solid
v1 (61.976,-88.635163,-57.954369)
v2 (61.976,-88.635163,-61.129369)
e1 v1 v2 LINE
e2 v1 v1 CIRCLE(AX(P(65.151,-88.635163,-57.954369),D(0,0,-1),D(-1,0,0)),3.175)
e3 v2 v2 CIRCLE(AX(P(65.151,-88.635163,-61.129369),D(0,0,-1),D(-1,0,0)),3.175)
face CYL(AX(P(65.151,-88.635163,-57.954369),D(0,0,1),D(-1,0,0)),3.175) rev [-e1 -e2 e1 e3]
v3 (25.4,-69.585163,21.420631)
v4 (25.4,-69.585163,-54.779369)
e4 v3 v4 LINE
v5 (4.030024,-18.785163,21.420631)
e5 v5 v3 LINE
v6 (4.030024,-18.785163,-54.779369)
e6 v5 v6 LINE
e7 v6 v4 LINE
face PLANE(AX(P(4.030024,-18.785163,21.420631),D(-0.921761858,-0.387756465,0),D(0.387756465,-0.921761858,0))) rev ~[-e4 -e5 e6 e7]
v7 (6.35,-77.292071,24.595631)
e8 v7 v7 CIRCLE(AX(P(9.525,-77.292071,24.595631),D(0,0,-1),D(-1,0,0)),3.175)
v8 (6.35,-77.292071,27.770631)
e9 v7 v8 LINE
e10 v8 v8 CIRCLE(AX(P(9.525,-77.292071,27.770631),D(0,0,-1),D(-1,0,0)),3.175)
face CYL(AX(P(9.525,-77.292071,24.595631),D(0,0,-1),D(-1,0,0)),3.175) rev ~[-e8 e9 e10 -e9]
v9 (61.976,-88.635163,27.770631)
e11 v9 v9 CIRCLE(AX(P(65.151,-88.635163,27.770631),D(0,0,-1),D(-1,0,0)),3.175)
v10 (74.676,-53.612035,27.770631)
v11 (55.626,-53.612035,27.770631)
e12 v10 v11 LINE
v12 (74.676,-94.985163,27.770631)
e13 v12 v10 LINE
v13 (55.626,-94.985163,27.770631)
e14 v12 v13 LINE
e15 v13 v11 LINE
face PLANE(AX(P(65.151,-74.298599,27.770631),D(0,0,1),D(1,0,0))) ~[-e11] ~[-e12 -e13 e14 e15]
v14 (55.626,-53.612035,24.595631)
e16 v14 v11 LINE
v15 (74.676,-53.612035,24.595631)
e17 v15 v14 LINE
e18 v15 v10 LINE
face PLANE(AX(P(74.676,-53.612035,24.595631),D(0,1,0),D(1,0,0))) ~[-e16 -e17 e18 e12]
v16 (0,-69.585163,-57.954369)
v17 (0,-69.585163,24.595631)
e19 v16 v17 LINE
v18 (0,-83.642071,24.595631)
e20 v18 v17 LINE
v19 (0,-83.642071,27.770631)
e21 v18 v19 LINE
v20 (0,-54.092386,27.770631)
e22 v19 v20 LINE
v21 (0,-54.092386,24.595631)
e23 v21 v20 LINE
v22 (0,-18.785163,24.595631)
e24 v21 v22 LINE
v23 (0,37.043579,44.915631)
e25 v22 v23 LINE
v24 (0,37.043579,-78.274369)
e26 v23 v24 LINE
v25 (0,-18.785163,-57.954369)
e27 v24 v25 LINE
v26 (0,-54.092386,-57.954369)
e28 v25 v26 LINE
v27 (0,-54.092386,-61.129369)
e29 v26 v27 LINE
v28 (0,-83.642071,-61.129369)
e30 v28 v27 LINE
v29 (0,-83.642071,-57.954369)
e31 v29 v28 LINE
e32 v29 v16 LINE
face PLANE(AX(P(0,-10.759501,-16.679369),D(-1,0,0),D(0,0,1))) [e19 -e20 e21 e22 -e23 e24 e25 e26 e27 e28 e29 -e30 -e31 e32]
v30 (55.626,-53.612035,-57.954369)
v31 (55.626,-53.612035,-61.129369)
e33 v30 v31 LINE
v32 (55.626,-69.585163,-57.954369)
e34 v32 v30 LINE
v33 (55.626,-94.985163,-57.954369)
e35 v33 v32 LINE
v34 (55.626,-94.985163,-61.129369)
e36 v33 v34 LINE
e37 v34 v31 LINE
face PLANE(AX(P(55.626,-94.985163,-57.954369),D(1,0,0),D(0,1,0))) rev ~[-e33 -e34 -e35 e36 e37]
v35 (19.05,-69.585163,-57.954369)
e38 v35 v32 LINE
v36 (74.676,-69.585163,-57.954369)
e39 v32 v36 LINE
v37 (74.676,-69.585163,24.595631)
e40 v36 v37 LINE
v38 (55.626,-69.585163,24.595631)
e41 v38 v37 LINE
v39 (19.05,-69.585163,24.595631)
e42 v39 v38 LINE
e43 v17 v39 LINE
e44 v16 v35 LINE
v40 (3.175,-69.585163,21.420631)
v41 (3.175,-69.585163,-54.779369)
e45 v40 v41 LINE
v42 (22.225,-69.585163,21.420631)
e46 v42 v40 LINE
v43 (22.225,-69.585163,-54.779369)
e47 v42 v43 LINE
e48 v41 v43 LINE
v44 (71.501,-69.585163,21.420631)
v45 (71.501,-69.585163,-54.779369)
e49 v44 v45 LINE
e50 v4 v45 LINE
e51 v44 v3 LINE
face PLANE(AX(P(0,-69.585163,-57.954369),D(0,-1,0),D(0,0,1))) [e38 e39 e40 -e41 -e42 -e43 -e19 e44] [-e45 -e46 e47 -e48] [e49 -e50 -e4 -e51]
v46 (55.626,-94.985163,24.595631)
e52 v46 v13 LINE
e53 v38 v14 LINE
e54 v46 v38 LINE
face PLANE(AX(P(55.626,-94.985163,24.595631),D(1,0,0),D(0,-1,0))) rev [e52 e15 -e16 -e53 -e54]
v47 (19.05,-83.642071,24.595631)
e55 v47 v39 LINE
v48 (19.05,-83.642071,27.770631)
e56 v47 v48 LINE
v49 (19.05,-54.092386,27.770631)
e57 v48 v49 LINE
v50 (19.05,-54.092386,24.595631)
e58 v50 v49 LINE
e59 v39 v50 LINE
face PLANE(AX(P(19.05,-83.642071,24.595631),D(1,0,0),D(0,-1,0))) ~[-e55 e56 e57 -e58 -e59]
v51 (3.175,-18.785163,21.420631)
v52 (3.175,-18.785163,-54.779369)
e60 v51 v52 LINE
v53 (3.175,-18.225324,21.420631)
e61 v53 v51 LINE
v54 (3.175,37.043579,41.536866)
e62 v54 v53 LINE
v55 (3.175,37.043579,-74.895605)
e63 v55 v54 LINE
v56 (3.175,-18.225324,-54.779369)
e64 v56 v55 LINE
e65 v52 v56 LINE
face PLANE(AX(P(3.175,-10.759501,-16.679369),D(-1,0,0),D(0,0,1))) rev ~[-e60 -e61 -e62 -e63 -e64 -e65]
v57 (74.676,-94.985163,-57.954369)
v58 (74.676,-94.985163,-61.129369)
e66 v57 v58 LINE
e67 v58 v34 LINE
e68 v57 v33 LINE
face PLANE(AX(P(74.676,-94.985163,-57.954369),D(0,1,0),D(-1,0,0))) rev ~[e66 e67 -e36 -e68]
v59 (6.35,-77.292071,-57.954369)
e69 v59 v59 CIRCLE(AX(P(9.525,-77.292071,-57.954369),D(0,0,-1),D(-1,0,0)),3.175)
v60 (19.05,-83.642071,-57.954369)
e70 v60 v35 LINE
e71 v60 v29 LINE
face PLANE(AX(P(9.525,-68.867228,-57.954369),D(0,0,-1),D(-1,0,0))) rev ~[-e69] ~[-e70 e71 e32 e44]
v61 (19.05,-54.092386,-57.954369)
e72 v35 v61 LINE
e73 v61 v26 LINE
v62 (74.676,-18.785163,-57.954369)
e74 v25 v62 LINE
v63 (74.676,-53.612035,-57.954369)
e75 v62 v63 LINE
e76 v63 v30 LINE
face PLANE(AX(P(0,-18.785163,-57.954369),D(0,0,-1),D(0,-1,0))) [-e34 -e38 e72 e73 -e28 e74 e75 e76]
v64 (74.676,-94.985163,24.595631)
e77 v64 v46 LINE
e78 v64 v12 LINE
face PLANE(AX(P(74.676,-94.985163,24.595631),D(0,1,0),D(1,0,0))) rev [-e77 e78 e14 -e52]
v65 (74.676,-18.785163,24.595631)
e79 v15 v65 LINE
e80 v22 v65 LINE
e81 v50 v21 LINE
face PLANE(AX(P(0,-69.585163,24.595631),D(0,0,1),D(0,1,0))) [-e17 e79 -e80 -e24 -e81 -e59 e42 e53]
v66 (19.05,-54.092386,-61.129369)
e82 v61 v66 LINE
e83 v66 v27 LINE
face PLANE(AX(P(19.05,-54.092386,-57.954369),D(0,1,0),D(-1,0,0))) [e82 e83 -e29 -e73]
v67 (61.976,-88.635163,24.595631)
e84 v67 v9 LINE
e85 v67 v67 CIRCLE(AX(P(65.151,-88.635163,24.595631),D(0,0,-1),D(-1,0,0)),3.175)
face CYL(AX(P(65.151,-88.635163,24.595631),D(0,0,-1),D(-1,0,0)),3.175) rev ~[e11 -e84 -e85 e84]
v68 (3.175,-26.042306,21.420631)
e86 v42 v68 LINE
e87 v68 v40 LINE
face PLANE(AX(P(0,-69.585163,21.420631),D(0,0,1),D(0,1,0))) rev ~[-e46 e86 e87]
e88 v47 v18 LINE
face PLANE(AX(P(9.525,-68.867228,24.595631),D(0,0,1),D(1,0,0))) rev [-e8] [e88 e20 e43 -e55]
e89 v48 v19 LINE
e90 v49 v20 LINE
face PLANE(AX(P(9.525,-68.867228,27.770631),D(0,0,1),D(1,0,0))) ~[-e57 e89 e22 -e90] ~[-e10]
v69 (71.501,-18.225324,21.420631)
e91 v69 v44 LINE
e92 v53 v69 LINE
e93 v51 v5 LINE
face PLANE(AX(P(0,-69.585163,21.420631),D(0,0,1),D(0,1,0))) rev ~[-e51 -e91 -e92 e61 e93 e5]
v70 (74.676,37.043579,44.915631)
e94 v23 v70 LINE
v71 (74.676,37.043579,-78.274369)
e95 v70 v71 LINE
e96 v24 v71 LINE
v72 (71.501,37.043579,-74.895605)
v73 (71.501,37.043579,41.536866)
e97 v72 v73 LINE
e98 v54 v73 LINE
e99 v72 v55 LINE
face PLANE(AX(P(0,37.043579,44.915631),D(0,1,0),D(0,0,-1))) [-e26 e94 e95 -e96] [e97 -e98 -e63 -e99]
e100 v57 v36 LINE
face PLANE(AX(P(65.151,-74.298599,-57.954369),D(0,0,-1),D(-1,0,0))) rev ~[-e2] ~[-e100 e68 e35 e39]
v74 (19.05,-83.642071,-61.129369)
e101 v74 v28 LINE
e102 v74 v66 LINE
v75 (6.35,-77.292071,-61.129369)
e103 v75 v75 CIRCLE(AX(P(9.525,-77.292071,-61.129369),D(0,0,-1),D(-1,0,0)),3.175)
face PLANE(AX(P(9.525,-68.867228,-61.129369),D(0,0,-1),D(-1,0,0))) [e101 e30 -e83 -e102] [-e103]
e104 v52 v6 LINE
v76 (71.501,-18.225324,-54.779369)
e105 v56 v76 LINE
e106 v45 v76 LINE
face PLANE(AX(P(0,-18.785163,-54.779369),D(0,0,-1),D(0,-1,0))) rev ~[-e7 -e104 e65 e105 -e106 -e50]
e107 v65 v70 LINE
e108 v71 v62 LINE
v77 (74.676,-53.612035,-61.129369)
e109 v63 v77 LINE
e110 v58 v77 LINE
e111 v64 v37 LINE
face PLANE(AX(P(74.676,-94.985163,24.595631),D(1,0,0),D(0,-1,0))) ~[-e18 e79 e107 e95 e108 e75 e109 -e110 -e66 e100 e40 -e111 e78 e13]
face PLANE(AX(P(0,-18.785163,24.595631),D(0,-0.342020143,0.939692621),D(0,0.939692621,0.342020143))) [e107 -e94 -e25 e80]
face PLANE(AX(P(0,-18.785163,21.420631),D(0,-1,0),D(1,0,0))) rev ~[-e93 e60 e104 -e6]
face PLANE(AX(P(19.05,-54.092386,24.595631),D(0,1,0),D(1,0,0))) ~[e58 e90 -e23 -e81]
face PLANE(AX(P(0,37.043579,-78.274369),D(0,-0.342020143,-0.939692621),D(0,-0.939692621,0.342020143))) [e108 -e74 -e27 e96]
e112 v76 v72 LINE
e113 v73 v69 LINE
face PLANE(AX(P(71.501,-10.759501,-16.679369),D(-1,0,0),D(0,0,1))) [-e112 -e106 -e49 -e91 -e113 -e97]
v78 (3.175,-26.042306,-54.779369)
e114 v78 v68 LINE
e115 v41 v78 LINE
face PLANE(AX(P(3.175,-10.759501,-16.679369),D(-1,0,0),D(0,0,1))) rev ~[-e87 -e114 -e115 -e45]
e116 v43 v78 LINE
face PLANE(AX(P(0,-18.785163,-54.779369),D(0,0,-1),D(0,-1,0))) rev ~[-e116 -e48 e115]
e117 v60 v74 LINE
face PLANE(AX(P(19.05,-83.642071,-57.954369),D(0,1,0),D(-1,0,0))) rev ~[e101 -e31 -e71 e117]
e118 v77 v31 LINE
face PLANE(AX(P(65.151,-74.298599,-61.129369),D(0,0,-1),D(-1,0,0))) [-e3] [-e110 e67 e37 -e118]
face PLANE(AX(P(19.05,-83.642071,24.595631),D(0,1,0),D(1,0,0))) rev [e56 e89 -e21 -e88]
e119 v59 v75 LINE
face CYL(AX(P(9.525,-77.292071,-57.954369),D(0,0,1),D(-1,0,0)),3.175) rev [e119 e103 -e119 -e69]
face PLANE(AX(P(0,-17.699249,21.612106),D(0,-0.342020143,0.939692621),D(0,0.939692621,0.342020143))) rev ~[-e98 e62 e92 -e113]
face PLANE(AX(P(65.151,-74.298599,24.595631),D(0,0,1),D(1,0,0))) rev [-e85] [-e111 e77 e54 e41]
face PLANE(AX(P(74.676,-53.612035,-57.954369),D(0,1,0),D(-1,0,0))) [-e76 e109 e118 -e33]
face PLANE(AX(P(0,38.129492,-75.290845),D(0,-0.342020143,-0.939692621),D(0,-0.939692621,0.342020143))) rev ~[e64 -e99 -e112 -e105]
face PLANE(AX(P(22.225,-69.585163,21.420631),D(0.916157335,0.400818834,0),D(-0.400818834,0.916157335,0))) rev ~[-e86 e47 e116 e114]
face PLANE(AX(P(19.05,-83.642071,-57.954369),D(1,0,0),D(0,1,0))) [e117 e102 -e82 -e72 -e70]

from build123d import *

# Parameters (mm, degrees)
BOSS_EXTRUDE2_DEPTH = 74.676
SHELL1_T            = -3.175
BOSS_EXTRUDE3_REACH = 101.695
SKETCH7_W           = 19.05
SKETCH7_H           = 41.37312771
SKETCH7_R           = 3.175
SKETCH7_H_2         = 29.549685012
BOSS_EXTRUDE4_DEPTH = 3.175


with BuildPart() as part:
    # Sketch4 → Boss-Extrude2 (new body)
    with BuildSketch(Plane(origin=(0, 0, 0), x_dir=(0, 0, -1), z_dir=(1, 0, 0))):
        Polygon((-44.915630504, 37.043578511), (78.274369496, 37.043578511), (57.954369496, -18.785162652), (57.954369496, -69.585162652), (-24.595630504, -69.585162652), (-24.595630504, -18.785162652), align=None)
    extrude(amount=BOSS_EXTRUDE2_DEPTH)

    # Shell1
    shell1_openings = [part.faces().sort_by_distance(p)[0] for p in [
        (37.338, 37.043578511, -16.679369496),
        (37.338, -69.585162652, -16.679369496),
    ]]
    offset(amount=SHELL1_T, openings=shell1_openings, kind=Kind.INTERSECTION)

    # Sketch6 → Boss-Extrude3 (add, up to next)
    with BuildSketch(Plane(origin=(0, 0, 21.420630504), x_dir=(-1, 0, 0), z_dir=(0, 0, -1)), mode=Mode.PRIVATE) as boss_extrude3_sk1:
        Polygon((-4.030024393, -18.785162652), (-25.4, -69.585162652), (-22.225, -69.585162652), (0, -18.785162652), align=None)
    boss_extrude3_tool1 = extrude(boss_extrude3_sk1.sketch, amount=BOSS_EXTRUDE3_REACH, mode=Mode.PRIVATE) - part.part
    add(boss_extrude3_tool1.solids().sort_by_distance((12.482636, -43.180418, 21.420631))[0])

    # Sketch7 → Boss-Extrude4 (add)
    with BuildSketch(Plane(origin=(0, 0, -57.954369496), x_dir=(-1, 0, 0), z_dir=(0, 0, -1))):
        with Locations((-65.151, -74.298598797)):
            Rectangle(SKETCH7_W, SKETCH7_H)
        with Locations((-65.151, -88.635162652)):
            Circle(SKETCH7_R, mode=Mode.SUBTRACT)
        with Locations((-9.525, -68.867228229)):
            Rectangle(SKETCH7_W, SKETCH7_H_2)
        with Locations((-9.525, -77.292070735)):
            Circle(SKETCH7_R, mode=Mode.SUBTRACT)
    boss_extrude4 = extrude(amount=BOSS_EXTRUDE4_DEPTH)

    # Mirror1: Boss-Extrude4 across plane
    add(boss_extrude4.mirror(Plane(origin=(0, 0, -16.679369496), x_dir=(1, 0, 0), z_dir=(0, 0, -1))))


solid = part.part
